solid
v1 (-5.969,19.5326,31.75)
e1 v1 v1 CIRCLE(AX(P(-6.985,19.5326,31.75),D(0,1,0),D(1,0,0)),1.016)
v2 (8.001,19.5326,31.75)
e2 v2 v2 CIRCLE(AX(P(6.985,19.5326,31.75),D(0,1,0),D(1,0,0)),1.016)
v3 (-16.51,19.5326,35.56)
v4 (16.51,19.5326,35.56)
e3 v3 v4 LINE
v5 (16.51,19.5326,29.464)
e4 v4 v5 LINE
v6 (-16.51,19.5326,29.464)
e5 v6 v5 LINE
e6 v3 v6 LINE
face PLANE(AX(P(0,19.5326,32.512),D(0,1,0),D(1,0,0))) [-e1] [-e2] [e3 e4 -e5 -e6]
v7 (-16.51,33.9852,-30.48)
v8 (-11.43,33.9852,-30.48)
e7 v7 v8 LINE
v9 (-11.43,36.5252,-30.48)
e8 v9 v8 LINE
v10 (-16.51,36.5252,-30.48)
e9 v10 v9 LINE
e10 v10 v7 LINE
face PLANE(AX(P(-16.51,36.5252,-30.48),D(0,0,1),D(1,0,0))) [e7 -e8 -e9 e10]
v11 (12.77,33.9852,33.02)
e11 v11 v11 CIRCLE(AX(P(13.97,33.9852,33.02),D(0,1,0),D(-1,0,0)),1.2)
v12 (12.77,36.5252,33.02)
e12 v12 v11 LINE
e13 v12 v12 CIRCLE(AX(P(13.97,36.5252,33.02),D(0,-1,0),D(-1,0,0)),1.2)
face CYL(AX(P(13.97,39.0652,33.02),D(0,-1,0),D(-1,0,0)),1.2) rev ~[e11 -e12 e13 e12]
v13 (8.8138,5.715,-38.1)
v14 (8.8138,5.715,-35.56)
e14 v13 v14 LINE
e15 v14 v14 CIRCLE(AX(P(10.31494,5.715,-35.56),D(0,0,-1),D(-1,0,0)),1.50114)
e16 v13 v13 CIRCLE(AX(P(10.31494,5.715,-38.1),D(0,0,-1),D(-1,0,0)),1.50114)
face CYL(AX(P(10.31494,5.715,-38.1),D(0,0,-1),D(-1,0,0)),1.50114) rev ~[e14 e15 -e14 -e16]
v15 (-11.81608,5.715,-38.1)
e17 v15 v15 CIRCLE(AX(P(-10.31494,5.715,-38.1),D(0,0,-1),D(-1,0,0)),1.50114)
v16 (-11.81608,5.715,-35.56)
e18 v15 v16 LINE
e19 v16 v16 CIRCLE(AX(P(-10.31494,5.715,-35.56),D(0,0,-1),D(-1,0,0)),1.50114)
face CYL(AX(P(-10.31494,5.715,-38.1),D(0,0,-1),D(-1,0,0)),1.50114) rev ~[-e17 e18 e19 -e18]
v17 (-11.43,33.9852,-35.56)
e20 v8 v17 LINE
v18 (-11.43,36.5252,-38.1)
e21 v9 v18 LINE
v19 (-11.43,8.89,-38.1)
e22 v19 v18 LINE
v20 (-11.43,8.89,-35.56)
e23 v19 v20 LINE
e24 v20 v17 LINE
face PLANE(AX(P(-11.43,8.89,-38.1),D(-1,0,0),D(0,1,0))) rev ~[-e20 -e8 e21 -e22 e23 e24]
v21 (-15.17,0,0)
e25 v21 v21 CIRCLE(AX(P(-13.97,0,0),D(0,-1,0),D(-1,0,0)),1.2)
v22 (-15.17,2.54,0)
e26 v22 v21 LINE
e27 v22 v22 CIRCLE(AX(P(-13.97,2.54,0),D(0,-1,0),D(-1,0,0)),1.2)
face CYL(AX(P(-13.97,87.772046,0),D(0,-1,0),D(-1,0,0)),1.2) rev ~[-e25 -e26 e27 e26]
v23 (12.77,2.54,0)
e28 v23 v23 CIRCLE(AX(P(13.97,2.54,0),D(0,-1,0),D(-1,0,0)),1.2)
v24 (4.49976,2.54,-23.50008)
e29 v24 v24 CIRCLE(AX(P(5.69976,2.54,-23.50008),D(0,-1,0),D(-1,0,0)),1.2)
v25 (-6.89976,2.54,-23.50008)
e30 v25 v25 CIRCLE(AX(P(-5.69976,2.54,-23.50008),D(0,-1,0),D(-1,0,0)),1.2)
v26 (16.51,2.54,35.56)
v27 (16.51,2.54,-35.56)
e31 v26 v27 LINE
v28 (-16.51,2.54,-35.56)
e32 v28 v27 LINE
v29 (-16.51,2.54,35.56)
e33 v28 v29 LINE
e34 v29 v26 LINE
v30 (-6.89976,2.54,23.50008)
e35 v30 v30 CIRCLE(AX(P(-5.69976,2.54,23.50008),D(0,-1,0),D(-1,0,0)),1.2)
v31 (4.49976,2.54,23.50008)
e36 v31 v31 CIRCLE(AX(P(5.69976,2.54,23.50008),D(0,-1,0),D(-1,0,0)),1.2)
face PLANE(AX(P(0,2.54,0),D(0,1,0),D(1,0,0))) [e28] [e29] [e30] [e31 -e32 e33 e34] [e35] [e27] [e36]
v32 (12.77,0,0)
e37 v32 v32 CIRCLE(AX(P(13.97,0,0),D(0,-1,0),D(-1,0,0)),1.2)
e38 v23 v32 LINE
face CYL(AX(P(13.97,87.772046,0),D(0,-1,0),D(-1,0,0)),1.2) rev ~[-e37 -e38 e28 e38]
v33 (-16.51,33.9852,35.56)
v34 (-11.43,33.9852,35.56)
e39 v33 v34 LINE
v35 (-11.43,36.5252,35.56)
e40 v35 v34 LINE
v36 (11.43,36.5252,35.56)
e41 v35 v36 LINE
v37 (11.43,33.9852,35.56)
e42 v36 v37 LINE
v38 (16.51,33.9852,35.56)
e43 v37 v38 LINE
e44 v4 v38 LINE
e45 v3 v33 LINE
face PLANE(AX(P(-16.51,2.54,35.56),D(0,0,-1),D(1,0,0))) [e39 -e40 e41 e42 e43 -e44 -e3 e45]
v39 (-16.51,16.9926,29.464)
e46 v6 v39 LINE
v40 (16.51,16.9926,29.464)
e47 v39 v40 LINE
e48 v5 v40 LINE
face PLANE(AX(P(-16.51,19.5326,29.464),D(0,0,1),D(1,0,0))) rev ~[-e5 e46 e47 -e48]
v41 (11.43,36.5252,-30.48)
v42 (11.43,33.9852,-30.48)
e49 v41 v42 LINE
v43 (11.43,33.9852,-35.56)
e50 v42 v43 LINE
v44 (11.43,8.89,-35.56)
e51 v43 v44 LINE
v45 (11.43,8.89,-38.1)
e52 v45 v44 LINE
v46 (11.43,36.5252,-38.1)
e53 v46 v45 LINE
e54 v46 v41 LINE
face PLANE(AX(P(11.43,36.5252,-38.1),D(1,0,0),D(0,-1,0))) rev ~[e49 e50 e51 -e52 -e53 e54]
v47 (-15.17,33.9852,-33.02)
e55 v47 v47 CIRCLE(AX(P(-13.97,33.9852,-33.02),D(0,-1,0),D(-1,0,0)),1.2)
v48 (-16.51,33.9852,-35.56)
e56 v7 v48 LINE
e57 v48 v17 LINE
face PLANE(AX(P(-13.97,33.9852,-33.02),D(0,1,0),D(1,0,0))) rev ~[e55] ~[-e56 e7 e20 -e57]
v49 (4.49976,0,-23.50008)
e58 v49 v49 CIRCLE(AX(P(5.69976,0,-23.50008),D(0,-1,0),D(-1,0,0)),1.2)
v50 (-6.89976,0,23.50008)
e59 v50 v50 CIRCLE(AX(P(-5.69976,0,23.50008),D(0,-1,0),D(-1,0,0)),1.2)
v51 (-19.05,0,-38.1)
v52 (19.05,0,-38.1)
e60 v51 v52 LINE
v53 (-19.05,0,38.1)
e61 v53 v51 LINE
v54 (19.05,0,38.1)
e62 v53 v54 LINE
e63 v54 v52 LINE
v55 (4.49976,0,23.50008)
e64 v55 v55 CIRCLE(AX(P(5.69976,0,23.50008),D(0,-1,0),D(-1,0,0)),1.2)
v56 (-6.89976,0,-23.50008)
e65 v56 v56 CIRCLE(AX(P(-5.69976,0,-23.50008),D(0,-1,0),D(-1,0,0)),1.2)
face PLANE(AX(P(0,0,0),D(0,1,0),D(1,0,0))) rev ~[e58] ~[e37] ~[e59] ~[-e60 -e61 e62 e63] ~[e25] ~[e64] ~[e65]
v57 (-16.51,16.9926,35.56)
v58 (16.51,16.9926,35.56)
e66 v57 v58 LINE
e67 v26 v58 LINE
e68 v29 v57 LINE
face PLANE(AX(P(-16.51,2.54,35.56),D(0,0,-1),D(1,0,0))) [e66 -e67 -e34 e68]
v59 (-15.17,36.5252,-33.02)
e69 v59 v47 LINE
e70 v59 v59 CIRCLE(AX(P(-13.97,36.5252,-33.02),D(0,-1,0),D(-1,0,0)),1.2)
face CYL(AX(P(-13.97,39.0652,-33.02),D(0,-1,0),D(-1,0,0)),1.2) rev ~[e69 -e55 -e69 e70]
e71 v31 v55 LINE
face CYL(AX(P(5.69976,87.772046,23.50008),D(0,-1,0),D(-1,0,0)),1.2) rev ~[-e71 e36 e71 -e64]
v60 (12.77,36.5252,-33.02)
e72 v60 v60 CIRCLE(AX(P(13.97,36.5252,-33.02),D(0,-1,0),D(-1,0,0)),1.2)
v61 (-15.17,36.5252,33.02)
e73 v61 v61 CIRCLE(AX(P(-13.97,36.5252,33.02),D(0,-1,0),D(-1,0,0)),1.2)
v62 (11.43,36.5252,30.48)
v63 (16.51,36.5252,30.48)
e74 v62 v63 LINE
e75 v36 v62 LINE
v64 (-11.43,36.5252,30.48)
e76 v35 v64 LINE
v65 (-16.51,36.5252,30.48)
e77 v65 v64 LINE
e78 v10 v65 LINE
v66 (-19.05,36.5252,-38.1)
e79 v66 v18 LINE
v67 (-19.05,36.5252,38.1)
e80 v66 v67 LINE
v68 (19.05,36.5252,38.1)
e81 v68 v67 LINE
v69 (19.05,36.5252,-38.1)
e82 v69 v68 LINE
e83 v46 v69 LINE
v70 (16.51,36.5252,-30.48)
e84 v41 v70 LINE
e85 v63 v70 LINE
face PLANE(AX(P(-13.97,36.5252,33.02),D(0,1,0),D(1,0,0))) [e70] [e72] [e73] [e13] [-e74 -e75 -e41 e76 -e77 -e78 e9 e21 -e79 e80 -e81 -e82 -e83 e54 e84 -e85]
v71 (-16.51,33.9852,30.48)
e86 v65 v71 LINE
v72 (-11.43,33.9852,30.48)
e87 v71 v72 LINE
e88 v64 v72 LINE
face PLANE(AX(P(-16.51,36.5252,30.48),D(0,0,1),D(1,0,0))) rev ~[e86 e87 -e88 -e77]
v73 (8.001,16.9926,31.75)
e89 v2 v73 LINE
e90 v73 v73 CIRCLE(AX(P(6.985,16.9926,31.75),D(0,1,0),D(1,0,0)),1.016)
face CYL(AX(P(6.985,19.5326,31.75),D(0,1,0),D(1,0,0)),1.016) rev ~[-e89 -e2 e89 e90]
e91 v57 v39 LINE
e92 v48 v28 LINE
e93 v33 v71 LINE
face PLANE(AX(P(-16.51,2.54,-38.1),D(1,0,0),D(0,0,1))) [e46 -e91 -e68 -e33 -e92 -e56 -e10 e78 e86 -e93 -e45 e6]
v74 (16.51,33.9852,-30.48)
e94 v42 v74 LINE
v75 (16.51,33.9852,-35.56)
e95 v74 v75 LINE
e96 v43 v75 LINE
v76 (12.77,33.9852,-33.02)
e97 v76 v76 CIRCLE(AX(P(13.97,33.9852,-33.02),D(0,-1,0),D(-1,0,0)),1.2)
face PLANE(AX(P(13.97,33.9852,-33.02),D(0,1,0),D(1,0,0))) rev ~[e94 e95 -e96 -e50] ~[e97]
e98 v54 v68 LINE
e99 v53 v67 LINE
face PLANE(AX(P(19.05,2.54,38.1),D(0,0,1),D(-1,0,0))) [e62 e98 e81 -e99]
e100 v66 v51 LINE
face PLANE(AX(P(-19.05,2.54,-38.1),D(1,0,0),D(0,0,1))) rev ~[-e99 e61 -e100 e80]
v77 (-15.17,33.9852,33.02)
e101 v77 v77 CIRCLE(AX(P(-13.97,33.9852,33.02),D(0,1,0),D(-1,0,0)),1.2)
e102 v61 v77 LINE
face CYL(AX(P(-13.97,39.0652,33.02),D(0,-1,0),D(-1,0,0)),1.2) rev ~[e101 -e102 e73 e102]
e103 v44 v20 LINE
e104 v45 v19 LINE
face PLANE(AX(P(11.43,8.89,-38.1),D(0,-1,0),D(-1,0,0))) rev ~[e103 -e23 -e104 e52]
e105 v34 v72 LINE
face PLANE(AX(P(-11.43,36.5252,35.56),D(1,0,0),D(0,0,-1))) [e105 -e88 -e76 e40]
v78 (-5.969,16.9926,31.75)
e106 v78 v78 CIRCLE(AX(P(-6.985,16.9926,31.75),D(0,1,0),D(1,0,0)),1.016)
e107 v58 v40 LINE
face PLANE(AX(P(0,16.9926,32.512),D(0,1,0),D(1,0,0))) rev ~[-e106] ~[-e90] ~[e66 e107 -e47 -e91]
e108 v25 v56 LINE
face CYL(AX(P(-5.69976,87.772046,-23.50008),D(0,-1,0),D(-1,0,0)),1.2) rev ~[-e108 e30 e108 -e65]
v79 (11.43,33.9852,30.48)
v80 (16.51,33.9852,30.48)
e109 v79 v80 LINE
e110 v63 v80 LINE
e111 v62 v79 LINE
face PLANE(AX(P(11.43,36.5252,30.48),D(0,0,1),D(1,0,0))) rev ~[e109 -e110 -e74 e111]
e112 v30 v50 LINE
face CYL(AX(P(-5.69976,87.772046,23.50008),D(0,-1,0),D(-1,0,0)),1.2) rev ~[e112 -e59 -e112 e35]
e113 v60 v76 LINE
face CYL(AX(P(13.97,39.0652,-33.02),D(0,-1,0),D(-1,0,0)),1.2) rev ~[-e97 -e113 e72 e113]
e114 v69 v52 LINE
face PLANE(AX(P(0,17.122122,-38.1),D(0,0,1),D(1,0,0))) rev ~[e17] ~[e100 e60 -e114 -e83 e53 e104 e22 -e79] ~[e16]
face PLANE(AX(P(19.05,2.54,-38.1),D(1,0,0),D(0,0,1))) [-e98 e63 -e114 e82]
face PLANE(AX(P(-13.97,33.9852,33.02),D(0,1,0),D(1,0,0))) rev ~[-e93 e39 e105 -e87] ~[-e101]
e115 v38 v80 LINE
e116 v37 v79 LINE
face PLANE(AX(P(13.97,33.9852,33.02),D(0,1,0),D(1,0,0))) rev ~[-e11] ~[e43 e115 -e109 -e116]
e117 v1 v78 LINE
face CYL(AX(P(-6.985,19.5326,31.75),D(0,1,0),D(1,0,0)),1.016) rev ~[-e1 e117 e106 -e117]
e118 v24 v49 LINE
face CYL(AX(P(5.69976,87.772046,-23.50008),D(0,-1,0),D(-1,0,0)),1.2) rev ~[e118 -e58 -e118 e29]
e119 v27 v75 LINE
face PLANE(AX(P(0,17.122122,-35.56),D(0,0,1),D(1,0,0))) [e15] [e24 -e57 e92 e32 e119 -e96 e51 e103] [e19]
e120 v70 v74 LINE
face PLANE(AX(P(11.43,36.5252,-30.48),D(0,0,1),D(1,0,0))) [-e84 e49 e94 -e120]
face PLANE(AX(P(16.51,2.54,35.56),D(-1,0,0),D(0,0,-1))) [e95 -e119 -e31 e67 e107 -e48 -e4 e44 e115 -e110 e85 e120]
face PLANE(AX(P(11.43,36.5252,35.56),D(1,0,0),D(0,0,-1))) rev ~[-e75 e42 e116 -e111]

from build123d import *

# Parameters (mm, degrees)
SKETCH1_W                     = 38.1
SKETCH1_H                     = 76.2
BOSS_EXTRUDE1_DEPTH           = 2.54
M2_CLEARANCE_HOLE1_TO_DRONE_D = 2.4
M2_CLEARANCE_HOLE2_TO_PI_D    = 2.4
BOSS_EXTRUDE2_DEPTH           = 33.9852
SKETCH9_R                     = 1.50114
BOSS_EXTRUDE4_DEPTH           = 2.54
SKETCH11_W                    = 33.02
SKETCH11_H                    = 6.096
SKETCH11_R                    = 1.016
BOSS_EXTRUDE6_DEPTH           = 2.54
SKETCH12_W                    = 5.08
SKETCH12_H                    = 5.08
BOSS_EXTRUDE7_DEPTH           = 2.54
M2_CLEARANCE_HOLE1_D          = 2.4
M2_CLEARANCE_HOLE1_DEPTH      = 2.54
M2_CLEARANCE_HOLE1_TIP        = 0.721032743


with BuildPart() as part:
    # Sketch1 → Boss-Extrude1 (new body)
    with BuildSketch(Plane(origin=(0, 0, 0), x_dir=(1, 0, 0), z_dir=(0, 1, 0))):
        Rectangle(SKETCH1_W, SKETCH1_H)
    extrude(amount=BOSS_EXTRUDE1_DEPTH)

    # M2 Clearance Hole1 - to drone (through all)
    with Locations(Plane(origin=(0, 2.54, 0), x_dir=(1, 0, 0), z_dir=(0, 1, 0))):
        with Locations((-13.97, 0), (13.97, 0)):
            Hole(M2_CLEARANCE_HOLE1_TO_DRONE_D / 2)

    # M2 Clearance Hole2 - to Pi (through all)
    with Locations(Plane(origin=(0, 2.54, 0), x_dir=(1, 0, 0), z_dir=(0, 1, 0))):
        with Locations((-5.69976, 23.50008), (5.69976, 23.50008), (5.69976, -23.50008), (-5.69976, -23.50008)):
            Hole(M2_CLEARANCE_HOLE2_TO_PI_D / 2)

    # Sketch7 → Boss-Extrude2 (add)
    with BuildSketch(Plane(origin=(0, 2.54, 0), x_dir=(1, 0, 0), z_dir=(0, 1, 0))):
        Polygon((-19.05, -38.1), (-19.05, -35.56), (-19.05, 38.1), (-16.51, 38.1), (-16.51, -35.56), (16.51, -35.56), (16.51, 38.1), (19.05, 38.1), (19.05, -38.1), align=None)
    extrude(amount=BOSS_EXTRUDE2_DEPTH)

    # Sketch11 → Boss-Extrude6 (add)
    with BuildSketch(Plane(origin=(0, 19.5326, 0), x_dir=(1, 0, 0), z_dir=(0, 1, 0))):
        with Locations((0, -32.512)):
            Rectangle(SKETCH11_W, SKETCH11_H)
        with Locations((-6.985, -31.75)):
            Circle(SKETCH11_R, mode=Mode.SUBTRACT)
        with Locations((6.985, -31.75)):
            Circle(SKETCH11_R, mode=Mode.SUBTRACT)
    extrude(amount=-BOSS_EXTRUDE6_DEPTH)



with BuildPart() as body_2:
    # Sketch9 → Boss-Extrude4 (new body)
    with BuildSketch(Plane(origin=(0, 0, -38.1), x_dir=(-1, 0, 0), z_dir=(0, 0, -1))):
        Polygon((-11.43, 8.89), (11.43, 8.89), (11.43, 36.5252), (16.51, 36.5252), (16.51, 2.54), (-16.51, 2.54), (-16.51, 36.5252), (-11.43, 36.5252), align=None)
        with Locations((-10.31494, 5.715)):
            Circle(SKETCH9_R, mode=Mode.SUBTRACT)
        with Locations((10.31494, 5.715)):
            Circle(SKETCH9_R, mode=Mode.SUBTRACT)
    extrude(amount=-BOSS_EXTRUDE4_DEPTH)


with BuildPart() as part_1:
    add(part.part)

    add(body_2.part)  # Boss-Extrude7 merges body 2
    # Sketch12 → Boss-Extrude7 (add)
    with BuildSketch(Plane(origin=(0, 36.5252, 0), x_dir=(1, 0, 0), z_dir=(0, 1, 0))):
        with Locations((-13.97, -33.02)):
            Rectangle(SKETCH12_W, SKETCH12_H)
        with Locations((13.97, -33.02)):
            Rectangle(SKETCH12_W, SKETCH12_H)
        with Locations((13.97, 33.02)):
            Rectangle(SKETCH12_W, SKETCH12_H)
        with Locations((-13.97, 33.02)):
            Rectangle(SKETCH12_W, SKETCH12_H)
    extrude(amount=-BOSS_EXTRUDE7_DEPTH)

    # M2 Clearance Hole1
    with Locations(Plane(origin=(0, 36.5252, 0), x_dir=(1, 0, 0), z_dir=(0, 1, 0))):
        with Locations((-13.97, 33.02), (13.97, 33.02), (13.97, -33.02), (-13.97, -33.02)):
            Hole(M2_CLEARANCE_HOLE1_D / 2, depth=M2_CLEARANCE_HOLE1_DEPTH)
            with Locations((0, 0, -(M2_CLEARANCE_HOLE1_DEPTH + M2_CLEARANCE_HOLE1_TIP / 2))):  # 118° drill point
                Cone(0, M2_CLEARANCE_HOLE1_D / 2, M2_CLEARANCE_HOLE1_TIP, mode=Mode.SUBTRACT)


solid = part_1.part
